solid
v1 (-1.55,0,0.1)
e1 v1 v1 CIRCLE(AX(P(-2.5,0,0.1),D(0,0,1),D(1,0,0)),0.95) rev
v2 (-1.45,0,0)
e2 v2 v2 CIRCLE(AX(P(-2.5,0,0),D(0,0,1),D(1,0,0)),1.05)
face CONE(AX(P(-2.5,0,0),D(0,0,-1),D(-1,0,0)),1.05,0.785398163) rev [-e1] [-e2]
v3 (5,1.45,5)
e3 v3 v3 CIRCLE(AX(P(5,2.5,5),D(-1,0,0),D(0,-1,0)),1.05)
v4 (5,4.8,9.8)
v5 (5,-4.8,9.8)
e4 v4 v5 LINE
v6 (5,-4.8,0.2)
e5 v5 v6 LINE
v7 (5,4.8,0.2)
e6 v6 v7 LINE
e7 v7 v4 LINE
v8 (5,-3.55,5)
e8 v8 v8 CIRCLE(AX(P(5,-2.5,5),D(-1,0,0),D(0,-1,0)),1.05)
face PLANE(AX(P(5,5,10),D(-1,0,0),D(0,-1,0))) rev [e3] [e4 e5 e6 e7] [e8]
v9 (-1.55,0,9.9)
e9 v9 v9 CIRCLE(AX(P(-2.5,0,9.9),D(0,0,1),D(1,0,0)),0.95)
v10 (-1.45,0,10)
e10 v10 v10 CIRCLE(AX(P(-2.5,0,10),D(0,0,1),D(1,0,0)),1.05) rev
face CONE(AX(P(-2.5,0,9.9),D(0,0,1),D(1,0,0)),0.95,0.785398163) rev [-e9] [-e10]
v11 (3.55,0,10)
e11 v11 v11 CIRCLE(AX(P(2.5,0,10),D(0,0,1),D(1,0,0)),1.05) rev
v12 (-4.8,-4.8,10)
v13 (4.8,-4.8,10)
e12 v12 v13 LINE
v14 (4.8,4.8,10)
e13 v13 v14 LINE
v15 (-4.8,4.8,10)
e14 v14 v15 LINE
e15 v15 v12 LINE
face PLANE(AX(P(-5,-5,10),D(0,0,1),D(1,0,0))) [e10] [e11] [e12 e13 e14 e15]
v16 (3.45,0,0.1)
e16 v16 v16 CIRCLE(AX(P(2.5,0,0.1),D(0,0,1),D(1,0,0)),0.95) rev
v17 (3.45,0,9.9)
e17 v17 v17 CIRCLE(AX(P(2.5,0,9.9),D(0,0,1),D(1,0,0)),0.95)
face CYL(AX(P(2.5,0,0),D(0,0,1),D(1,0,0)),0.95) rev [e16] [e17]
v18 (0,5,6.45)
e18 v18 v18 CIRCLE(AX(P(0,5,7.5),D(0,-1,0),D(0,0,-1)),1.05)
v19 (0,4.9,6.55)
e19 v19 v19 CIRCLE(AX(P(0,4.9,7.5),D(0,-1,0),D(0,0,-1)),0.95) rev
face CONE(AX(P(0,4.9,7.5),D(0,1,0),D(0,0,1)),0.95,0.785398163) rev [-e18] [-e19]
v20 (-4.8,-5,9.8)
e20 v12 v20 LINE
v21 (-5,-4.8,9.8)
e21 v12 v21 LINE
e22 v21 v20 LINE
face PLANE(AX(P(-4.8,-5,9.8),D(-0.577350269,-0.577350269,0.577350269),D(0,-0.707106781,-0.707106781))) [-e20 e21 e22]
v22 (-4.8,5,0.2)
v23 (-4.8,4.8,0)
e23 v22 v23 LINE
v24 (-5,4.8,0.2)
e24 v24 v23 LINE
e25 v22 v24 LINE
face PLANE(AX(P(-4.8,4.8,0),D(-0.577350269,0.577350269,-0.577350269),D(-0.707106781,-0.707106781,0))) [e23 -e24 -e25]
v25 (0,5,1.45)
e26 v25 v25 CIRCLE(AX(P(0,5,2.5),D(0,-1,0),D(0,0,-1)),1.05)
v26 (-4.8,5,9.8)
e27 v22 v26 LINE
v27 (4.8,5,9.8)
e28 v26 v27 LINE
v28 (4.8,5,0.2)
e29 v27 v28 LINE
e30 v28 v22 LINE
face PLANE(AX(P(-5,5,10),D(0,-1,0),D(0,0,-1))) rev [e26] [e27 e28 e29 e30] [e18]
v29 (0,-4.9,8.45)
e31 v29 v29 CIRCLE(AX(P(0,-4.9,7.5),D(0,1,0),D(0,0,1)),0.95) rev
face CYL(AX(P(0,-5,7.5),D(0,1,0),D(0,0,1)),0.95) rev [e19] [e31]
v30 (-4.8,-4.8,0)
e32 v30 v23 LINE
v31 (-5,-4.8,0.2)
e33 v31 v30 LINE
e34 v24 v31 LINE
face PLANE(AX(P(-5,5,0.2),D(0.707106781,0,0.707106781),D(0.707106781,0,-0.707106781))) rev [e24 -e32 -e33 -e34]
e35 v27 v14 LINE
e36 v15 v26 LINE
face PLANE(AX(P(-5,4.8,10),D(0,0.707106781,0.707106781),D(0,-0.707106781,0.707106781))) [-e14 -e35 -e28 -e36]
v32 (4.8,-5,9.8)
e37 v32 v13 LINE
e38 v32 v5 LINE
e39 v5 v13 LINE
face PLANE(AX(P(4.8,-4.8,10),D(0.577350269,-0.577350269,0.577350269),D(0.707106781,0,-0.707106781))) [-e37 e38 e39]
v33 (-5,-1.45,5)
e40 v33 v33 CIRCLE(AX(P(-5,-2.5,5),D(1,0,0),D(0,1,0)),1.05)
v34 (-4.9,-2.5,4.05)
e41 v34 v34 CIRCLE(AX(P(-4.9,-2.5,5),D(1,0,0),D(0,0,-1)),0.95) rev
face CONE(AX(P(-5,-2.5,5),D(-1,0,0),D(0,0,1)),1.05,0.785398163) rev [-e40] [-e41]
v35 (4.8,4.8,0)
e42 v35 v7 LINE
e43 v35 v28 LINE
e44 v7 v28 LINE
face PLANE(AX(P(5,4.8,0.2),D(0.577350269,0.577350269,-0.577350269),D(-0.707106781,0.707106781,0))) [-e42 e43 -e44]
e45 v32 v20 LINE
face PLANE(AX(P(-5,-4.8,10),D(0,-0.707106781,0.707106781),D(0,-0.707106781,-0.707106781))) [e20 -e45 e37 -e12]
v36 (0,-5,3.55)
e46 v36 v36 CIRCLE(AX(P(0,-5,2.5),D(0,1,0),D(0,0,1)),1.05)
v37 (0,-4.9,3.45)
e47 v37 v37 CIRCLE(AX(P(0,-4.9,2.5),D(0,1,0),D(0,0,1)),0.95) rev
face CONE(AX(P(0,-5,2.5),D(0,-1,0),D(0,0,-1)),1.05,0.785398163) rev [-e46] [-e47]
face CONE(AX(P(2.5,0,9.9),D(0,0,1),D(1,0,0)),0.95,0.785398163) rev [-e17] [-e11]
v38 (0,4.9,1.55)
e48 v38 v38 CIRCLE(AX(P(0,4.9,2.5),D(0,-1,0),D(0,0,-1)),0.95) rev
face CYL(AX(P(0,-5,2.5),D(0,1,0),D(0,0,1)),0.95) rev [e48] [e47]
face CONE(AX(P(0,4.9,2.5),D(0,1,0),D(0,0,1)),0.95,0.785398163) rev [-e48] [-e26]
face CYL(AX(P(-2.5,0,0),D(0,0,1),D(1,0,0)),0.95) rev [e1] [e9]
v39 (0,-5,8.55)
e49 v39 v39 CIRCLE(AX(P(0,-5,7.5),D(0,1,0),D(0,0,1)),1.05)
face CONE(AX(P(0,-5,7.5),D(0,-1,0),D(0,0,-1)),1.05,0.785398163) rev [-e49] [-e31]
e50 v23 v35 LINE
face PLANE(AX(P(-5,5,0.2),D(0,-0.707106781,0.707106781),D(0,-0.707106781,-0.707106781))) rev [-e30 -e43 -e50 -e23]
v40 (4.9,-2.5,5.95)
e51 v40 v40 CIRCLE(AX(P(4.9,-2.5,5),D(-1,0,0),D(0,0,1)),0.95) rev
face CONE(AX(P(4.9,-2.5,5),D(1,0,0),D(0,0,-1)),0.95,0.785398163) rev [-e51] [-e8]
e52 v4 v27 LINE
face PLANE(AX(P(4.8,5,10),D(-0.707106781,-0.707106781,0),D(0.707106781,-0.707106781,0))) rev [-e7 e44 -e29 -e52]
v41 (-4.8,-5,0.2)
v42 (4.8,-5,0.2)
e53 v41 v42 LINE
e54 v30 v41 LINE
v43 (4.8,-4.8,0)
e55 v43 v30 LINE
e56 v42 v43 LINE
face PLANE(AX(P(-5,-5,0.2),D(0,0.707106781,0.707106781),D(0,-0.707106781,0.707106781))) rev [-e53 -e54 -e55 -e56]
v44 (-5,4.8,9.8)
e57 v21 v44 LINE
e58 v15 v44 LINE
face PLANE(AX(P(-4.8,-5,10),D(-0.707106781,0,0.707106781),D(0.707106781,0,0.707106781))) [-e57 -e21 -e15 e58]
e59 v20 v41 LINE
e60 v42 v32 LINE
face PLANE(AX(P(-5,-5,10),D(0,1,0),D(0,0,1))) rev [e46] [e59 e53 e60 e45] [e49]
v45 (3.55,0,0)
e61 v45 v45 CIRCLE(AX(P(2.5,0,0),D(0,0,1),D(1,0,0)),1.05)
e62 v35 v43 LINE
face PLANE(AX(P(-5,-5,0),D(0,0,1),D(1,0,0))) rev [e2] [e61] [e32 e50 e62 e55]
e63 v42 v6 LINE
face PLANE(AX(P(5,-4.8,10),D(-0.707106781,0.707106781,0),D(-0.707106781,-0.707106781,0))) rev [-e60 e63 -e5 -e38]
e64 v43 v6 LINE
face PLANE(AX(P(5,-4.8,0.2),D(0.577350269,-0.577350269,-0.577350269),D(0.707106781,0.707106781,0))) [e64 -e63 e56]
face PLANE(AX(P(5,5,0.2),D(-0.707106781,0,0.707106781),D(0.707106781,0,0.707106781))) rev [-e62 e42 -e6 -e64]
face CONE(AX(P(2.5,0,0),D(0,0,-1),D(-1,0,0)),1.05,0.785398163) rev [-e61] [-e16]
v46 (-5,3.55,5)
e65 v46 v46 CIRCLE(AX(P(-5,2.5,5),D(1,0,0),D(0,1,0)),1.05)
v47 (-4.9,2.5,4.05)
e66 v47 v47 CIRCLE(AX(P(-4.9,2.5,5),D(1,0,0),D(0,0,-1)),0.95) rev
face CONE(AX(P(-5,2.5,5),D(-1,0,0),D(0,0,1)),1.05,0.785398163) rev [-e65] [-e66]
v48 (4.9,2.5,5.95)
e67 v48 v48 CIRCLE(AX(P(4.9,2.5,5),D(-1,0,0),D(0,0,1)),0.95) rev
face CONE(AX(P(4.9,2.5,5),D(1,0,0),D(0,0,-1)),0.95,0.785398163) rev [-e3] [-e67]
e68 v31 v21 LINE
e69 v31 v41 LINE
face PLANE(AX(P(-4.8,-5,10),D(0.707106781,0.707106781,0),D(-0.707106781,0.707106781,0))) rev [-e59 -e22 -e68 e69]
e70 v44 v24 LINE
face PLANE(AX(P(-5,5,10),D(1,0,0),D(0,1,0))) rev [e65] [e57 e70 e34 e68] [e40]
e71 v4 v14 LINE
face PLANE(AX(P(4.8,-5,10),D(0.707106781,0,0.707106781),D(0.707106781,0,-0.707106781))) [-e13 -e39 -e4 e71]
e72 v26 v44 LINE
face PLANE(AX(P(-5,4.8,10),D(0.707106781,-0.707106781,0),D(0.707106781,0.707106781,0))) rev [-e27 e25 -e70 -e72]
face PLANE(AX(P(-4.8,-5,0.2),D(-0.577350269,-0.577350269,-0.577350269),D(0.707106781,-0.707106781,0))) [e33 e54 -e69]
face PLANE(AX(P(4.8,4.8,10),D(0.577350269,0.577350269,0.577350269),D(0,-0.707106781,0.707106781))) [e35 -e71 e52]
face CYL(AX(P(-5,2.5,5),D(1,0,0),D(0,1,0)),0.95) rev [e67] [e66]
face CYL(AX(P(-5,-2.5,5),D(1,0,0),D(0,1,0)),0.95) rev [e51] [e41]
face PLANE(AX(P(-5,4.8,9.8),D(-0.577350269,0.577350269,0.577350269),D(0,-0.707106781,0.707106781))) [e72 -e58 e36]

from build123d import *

# Parameters (mm, degrees)
SKETCH1_W           = 10
SKETCH1_H           = 10
BOSS_EXTRUDE1_DEPTH = 10
SKETCH2_R           = 0.95
CUT_EXTRUDE1_DEPTH  = 11
SKETCH3_R           = 0.95
CUT_EXTRUDE2_DEPTH  = 11
SKETCH5_R           = 0.95
CUT_EXTRUDE4_DEPTH  = 11
CHAMFER1_SIZE       = 0.2
CHAMFER2_SIZE       = 0.1


with BuildPart() as part:
    # Sketch1 → Boss-Extrude1 (new body)
    with BuildSketch(Plane.XY):
        Rectangle(SKETCH1_W, SKETCH1_H)
    extrude(amount=BOSS_EXTRUDE1_DEPTH)

    # Sketch2 → Cut-Extrude1 (cut, through all)
    with BuildSketch(Plane.XY.offset(10)):
        with Locations((-2.5, 0)):
            Circle(SKETCH2_R)
        with Locations(Location((2.5, 0, 0), (0, 0, 180))):  # turned: the seam where the file's is
            Circle(SKETCH2_R)
    extrude(amount=-CUT_EXTRUDE1_DEPTH, mode=Mode.SUBTRACT)

    # Sketch3 → Cut-Extrude2 (cut, through all)
    with BuildSketch(Plane(origin=(0, 5, 0), x_dir=(1, 0, 0), z_dir=(0, 1, 0))):
        with Locations(Location((0, -7.5, 0), (0, 0, 90))):  # turned: the seam where the file's is
            Circle(SKETCH3_R)
        with Locations(Location((0, -2.5, 0), (0, 0, 270))):  # turned: the seam where the file's is
            Circle(SKETCH3_R)
    extrude(amount=-CUT_EXTRUDE2_DEPTH, mode=Mode.SUBTRACT)

    # Sketch5 → Cut-Extrude4 (cut, through all)
    with BuildSketch(Plane(origin=(5, 0, 0), x_dir=(0, 0, -1), z_dir=(1, 0, 0))):
        with Locations(Location((-5, 2.5, 0), (0, 0, 90))):  # turned: the seam where the file's is
            Circle(SKETCH5_R)
        with Locations(Location((-5, -2.5, 0), (0, 0, 270))):  # turned: the seam where the file's is
            Circle(SKETCH5_R)
    extrude(amount=-CUT_EXTRUDE4_DEPTH, mode=Mode.SUBTRACT)

    # Chamfer1
    chamfer1_edges = [part.edges().sort_by_distance(p)[0] for p in [
        (5, 0, 10),
        (0, 5, 10),
        (-5, 0, 10),
        (0, 5, 0),
        (5, 0, 0),
        (0, -5, 0),
        (-5, 0, 0),
        (0, -5, 10),
        (-5, 5, 5),
        (5, 5, 5),
        (5, -5, 5),
        (-5, -5, 5),
    ]]
    chamfer(chamfer1_edges, length=CHAMFER1_SIZE)

    # Chamfer2
    chamfer2_edges = [part.edges().sort_by_distance(p)[0] for p in [
        (-3.45, 0, 0),
        (-3.45, 0, 10),
        (3.45, 0, 0),
        (3.45, 0, 10),
        (0, -5, 8.45),
        (0, 5, 8.45),
        (0, -5, 1.55),
        (0, 5, 1.55),
        (-5, 1.55, 5),
        (5, 1.55, 5),
        (-5, -1.55, 5),
        (5, -1.55, 5),
    ]]
    chamfer(chamfer2_edges, length=CHAMFER2_SIZE)


solid = part.part
